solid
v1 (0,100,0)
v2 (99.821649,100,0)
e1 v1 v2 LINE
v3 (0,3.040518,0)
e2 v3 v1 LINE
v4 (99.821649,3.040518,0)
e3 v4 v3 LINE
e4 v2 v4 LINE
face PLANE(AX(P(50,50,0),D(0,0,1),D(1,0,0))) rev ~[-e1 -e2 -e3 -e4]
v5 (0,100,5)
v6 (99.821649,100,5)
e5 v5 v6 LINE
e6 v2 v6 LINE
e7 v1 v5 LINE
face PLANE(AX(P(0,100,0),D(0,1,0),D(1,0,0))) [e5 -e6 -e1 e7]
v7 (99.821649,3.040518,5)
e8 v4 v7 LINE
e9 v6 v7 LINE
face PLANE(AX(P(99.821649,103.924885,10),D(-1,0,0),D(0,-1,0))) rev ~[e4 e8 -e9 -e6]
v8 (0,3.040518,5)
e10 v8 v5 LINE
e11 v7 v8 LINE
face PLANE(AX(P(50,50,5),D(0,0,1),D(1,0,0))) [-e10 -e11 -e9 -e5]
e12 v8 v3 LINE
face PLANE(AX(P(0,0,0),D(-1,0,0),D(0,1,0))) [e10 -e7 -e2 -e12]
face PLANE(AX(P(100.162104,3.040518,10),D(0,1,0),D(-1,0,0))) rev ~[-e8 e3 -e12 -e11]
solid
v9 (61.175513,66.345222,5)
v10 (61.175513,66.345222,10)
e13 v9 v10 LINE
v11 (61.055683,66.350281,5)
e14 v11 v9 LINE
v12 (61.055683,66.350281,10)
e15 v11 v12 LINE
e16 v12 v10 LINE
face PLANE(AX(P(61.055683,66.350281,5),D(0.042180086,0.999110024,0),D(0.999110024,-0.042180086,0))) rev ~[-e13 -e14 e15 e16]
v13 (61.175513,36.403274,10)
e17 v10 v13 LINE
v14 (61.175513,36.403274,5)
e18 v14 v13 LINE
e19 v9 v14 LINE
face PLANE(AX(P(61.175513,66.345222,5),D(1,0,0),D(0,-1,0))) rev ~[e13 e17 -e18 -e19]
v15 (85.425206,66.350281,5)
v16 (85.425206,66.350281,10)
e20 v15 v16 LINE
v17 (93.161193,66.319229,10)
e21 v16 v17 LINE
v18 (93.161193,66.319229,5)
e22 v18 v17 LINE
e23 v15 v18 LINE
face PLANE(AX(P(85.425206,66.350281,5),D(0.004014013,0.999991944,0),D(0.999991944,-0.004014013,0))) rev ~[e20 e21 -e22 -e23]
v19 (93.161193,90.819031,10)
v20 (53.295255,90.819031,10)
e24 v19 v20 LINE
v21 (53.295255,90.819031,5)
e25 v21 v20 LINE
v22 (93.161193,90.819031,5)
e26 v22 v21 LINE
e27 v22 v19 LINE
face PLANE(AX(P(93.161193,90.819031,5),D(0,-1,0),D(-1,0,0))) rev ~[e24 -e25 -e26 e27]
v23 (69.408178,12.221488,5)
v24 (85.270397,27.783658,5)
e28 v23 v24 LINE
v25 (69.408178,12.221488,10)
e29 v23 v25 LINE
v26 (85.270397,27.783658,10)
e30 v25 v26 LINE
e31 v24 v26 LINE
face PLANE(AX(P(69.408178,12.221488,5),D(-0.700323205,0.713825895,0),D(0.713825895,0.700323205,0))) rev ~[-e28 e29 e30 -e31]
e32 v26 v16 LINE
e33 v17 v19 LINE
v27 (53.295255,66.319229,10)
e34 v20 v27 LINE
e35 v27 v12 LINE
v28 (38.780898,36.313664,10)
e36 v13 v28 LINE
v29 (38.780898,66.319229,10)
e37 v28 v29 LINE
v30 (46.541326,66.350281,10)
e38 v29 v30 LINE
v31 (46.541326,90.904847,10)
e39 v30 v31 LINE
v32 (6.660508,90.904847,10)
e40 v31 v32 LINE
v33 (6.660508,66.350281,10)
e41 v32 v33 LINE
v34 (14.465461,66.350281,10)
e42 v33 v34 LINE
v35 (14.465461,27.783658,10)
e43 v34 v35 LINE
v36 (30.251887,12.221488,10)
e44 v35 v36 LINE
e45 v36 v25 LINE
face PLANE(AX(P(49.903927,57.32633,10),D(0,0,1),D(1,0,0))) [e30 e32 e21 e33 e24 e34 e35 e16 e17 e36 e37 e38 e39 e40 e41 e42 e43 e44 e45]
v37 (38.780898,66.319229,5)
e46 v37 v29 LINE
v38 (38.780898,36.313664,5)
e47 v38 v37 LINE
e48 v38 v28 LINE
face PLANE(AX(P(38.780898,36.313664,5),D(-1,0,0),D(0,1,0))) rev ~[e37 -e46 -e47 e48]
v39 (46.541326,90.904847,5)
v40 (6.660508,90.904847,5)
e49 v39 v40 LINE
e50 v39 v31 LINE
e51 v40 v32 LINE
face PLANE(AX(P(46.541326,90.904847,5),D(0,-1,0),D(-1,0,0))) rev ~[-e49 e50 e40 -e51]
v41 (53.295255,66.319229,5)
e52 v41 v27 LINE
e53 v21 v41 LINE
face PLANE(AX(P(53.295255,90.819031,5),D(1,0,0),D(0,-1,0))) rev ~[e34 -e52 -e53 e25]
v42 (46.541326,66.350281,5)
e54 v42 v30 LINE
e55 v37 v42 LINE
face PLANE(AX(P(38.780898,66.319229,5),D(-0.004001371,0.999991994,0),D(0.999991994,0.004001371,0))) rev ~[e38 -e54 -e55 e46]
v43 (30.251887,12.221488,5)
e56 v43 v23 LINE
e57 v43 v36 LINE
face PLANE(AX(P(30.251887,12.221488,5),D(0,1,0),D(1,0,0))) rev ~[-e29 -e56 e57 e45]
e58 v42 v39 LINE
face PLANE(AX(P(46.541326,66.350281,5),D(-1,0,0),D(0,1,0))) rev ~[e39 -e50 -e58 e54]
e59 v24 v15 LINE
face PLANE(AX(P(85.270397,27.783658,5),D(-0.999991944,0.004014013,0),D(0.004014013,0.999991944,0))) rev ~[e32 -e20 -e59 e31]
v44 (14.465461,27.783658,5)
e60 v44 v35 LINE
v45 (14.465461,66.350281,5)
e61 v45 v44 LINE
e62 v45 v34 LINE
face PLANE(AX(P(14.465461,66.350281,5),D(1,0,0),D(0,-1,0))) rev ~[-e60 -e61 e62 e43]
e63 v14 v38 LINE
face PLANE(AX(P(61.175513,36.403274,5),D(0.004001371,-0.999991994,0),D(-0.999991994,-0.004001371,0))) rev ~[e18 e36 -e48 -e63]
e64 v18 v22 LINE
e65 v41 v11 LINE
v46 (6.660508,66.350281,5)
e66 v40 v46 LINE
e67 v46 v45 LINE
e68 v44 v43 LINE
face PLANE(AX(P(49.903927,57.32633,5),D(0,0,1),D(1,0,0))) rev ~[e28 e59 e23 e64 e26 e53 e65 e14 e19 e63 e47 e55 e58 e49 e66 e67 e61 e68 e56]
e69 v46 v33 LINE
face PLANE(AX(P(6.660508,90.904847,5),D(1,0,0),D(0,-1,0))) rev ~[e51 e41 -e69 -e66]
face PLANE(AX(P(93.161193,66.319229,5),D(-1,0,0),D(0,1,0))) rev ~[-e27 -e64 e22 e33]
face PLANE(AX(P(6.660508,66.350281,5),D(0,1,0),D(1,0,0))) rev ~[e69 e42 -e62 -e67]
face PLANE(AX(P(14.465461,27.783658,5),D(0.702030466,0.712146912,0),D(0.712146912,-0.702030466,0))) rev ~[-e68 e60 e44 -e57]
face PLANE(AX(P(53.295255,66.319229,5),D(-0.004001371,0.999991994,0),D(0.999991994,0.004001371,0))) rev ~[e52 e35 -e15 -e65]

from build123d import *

# Parameters (mm, degrees)
F1_W     = 100
F1_H     = 100
F2_DEPTH = 5
F5_DEPTH = 5
F7_DEPTH = 54.1
F9_DEPTH = 25


with BuildPart() as f2:
    # F1 (on Top) → F2 (new body)
    with BuildSketch(Plane.XY):
        with Locations((50, 50)):
            Rectangle(F1_W, F1_H)
    extrude(amount=F2_DEPTH)

    # F6 (on face) → F7 (cut)
    with BuildSketch(Plane.XY.offset(10)):
        Polygon((100.1621037722, 3.0405181703), (37.4508686364, 3.0405181703), (0, 3.0405181703), (0, 0), (100.1621037722, 0), align=None)
    extrude(amount=-F7_DEPTH, mode=Mode.SUBTRACT)

    # F8 (on face) → F9 (cut)
    with BuildSketch(Plane.XY.offset(10)):
        Polygon((99.8216490268, 103.9248853922), (99.8216490268, 74.5721507005), (99.8216490268, -5.4602026939), (108.0576479435, -5.4602026939), (108.0576479435, 103.9248853922), align=None)
    extrude(amount=-F9_DEPTH, mode=Mode.SUBTRACT)


with BuildPart() as f5:
    # F4 (on face) → F5 (new body)
    with BuildSketch(Plane.XY.offset(5)):
        Polygon((46.5413259785, 90.9048467875), (6.6605079919, 90.9048467875), (6.6605079919, 90.8547322993), (6.6605079919, 66.3502812386), (14.4654614851, 66.3502812386), (14.4654614851, 27.7836583555), (30.2518866956, 12.2214881703), (69.4081783295, 12.2214881703), (85.2703973651, 27.7836583555), (85.4252055287, 66.3502812386), (93.1611926851, 66.3192286372), (93.1611926851, 90.8190310001), (53.2952547073, 90.8190310001), (53.2952547073, 66.3192286372), (61.0556825995, 66.3502812386), (61.1755126527, 66.3452222943), (61.1755126527, 36.4032736805), (38.7808980863, 36.3136637972), (38.7808980863, 66.3192286372), (46.5413259785, 66.3502812386), (46.5413259785, 90.8190310001), align=None)
    extrude(amount=F5_DEPTH)


solid = Compound([f2.part, f5.part])
